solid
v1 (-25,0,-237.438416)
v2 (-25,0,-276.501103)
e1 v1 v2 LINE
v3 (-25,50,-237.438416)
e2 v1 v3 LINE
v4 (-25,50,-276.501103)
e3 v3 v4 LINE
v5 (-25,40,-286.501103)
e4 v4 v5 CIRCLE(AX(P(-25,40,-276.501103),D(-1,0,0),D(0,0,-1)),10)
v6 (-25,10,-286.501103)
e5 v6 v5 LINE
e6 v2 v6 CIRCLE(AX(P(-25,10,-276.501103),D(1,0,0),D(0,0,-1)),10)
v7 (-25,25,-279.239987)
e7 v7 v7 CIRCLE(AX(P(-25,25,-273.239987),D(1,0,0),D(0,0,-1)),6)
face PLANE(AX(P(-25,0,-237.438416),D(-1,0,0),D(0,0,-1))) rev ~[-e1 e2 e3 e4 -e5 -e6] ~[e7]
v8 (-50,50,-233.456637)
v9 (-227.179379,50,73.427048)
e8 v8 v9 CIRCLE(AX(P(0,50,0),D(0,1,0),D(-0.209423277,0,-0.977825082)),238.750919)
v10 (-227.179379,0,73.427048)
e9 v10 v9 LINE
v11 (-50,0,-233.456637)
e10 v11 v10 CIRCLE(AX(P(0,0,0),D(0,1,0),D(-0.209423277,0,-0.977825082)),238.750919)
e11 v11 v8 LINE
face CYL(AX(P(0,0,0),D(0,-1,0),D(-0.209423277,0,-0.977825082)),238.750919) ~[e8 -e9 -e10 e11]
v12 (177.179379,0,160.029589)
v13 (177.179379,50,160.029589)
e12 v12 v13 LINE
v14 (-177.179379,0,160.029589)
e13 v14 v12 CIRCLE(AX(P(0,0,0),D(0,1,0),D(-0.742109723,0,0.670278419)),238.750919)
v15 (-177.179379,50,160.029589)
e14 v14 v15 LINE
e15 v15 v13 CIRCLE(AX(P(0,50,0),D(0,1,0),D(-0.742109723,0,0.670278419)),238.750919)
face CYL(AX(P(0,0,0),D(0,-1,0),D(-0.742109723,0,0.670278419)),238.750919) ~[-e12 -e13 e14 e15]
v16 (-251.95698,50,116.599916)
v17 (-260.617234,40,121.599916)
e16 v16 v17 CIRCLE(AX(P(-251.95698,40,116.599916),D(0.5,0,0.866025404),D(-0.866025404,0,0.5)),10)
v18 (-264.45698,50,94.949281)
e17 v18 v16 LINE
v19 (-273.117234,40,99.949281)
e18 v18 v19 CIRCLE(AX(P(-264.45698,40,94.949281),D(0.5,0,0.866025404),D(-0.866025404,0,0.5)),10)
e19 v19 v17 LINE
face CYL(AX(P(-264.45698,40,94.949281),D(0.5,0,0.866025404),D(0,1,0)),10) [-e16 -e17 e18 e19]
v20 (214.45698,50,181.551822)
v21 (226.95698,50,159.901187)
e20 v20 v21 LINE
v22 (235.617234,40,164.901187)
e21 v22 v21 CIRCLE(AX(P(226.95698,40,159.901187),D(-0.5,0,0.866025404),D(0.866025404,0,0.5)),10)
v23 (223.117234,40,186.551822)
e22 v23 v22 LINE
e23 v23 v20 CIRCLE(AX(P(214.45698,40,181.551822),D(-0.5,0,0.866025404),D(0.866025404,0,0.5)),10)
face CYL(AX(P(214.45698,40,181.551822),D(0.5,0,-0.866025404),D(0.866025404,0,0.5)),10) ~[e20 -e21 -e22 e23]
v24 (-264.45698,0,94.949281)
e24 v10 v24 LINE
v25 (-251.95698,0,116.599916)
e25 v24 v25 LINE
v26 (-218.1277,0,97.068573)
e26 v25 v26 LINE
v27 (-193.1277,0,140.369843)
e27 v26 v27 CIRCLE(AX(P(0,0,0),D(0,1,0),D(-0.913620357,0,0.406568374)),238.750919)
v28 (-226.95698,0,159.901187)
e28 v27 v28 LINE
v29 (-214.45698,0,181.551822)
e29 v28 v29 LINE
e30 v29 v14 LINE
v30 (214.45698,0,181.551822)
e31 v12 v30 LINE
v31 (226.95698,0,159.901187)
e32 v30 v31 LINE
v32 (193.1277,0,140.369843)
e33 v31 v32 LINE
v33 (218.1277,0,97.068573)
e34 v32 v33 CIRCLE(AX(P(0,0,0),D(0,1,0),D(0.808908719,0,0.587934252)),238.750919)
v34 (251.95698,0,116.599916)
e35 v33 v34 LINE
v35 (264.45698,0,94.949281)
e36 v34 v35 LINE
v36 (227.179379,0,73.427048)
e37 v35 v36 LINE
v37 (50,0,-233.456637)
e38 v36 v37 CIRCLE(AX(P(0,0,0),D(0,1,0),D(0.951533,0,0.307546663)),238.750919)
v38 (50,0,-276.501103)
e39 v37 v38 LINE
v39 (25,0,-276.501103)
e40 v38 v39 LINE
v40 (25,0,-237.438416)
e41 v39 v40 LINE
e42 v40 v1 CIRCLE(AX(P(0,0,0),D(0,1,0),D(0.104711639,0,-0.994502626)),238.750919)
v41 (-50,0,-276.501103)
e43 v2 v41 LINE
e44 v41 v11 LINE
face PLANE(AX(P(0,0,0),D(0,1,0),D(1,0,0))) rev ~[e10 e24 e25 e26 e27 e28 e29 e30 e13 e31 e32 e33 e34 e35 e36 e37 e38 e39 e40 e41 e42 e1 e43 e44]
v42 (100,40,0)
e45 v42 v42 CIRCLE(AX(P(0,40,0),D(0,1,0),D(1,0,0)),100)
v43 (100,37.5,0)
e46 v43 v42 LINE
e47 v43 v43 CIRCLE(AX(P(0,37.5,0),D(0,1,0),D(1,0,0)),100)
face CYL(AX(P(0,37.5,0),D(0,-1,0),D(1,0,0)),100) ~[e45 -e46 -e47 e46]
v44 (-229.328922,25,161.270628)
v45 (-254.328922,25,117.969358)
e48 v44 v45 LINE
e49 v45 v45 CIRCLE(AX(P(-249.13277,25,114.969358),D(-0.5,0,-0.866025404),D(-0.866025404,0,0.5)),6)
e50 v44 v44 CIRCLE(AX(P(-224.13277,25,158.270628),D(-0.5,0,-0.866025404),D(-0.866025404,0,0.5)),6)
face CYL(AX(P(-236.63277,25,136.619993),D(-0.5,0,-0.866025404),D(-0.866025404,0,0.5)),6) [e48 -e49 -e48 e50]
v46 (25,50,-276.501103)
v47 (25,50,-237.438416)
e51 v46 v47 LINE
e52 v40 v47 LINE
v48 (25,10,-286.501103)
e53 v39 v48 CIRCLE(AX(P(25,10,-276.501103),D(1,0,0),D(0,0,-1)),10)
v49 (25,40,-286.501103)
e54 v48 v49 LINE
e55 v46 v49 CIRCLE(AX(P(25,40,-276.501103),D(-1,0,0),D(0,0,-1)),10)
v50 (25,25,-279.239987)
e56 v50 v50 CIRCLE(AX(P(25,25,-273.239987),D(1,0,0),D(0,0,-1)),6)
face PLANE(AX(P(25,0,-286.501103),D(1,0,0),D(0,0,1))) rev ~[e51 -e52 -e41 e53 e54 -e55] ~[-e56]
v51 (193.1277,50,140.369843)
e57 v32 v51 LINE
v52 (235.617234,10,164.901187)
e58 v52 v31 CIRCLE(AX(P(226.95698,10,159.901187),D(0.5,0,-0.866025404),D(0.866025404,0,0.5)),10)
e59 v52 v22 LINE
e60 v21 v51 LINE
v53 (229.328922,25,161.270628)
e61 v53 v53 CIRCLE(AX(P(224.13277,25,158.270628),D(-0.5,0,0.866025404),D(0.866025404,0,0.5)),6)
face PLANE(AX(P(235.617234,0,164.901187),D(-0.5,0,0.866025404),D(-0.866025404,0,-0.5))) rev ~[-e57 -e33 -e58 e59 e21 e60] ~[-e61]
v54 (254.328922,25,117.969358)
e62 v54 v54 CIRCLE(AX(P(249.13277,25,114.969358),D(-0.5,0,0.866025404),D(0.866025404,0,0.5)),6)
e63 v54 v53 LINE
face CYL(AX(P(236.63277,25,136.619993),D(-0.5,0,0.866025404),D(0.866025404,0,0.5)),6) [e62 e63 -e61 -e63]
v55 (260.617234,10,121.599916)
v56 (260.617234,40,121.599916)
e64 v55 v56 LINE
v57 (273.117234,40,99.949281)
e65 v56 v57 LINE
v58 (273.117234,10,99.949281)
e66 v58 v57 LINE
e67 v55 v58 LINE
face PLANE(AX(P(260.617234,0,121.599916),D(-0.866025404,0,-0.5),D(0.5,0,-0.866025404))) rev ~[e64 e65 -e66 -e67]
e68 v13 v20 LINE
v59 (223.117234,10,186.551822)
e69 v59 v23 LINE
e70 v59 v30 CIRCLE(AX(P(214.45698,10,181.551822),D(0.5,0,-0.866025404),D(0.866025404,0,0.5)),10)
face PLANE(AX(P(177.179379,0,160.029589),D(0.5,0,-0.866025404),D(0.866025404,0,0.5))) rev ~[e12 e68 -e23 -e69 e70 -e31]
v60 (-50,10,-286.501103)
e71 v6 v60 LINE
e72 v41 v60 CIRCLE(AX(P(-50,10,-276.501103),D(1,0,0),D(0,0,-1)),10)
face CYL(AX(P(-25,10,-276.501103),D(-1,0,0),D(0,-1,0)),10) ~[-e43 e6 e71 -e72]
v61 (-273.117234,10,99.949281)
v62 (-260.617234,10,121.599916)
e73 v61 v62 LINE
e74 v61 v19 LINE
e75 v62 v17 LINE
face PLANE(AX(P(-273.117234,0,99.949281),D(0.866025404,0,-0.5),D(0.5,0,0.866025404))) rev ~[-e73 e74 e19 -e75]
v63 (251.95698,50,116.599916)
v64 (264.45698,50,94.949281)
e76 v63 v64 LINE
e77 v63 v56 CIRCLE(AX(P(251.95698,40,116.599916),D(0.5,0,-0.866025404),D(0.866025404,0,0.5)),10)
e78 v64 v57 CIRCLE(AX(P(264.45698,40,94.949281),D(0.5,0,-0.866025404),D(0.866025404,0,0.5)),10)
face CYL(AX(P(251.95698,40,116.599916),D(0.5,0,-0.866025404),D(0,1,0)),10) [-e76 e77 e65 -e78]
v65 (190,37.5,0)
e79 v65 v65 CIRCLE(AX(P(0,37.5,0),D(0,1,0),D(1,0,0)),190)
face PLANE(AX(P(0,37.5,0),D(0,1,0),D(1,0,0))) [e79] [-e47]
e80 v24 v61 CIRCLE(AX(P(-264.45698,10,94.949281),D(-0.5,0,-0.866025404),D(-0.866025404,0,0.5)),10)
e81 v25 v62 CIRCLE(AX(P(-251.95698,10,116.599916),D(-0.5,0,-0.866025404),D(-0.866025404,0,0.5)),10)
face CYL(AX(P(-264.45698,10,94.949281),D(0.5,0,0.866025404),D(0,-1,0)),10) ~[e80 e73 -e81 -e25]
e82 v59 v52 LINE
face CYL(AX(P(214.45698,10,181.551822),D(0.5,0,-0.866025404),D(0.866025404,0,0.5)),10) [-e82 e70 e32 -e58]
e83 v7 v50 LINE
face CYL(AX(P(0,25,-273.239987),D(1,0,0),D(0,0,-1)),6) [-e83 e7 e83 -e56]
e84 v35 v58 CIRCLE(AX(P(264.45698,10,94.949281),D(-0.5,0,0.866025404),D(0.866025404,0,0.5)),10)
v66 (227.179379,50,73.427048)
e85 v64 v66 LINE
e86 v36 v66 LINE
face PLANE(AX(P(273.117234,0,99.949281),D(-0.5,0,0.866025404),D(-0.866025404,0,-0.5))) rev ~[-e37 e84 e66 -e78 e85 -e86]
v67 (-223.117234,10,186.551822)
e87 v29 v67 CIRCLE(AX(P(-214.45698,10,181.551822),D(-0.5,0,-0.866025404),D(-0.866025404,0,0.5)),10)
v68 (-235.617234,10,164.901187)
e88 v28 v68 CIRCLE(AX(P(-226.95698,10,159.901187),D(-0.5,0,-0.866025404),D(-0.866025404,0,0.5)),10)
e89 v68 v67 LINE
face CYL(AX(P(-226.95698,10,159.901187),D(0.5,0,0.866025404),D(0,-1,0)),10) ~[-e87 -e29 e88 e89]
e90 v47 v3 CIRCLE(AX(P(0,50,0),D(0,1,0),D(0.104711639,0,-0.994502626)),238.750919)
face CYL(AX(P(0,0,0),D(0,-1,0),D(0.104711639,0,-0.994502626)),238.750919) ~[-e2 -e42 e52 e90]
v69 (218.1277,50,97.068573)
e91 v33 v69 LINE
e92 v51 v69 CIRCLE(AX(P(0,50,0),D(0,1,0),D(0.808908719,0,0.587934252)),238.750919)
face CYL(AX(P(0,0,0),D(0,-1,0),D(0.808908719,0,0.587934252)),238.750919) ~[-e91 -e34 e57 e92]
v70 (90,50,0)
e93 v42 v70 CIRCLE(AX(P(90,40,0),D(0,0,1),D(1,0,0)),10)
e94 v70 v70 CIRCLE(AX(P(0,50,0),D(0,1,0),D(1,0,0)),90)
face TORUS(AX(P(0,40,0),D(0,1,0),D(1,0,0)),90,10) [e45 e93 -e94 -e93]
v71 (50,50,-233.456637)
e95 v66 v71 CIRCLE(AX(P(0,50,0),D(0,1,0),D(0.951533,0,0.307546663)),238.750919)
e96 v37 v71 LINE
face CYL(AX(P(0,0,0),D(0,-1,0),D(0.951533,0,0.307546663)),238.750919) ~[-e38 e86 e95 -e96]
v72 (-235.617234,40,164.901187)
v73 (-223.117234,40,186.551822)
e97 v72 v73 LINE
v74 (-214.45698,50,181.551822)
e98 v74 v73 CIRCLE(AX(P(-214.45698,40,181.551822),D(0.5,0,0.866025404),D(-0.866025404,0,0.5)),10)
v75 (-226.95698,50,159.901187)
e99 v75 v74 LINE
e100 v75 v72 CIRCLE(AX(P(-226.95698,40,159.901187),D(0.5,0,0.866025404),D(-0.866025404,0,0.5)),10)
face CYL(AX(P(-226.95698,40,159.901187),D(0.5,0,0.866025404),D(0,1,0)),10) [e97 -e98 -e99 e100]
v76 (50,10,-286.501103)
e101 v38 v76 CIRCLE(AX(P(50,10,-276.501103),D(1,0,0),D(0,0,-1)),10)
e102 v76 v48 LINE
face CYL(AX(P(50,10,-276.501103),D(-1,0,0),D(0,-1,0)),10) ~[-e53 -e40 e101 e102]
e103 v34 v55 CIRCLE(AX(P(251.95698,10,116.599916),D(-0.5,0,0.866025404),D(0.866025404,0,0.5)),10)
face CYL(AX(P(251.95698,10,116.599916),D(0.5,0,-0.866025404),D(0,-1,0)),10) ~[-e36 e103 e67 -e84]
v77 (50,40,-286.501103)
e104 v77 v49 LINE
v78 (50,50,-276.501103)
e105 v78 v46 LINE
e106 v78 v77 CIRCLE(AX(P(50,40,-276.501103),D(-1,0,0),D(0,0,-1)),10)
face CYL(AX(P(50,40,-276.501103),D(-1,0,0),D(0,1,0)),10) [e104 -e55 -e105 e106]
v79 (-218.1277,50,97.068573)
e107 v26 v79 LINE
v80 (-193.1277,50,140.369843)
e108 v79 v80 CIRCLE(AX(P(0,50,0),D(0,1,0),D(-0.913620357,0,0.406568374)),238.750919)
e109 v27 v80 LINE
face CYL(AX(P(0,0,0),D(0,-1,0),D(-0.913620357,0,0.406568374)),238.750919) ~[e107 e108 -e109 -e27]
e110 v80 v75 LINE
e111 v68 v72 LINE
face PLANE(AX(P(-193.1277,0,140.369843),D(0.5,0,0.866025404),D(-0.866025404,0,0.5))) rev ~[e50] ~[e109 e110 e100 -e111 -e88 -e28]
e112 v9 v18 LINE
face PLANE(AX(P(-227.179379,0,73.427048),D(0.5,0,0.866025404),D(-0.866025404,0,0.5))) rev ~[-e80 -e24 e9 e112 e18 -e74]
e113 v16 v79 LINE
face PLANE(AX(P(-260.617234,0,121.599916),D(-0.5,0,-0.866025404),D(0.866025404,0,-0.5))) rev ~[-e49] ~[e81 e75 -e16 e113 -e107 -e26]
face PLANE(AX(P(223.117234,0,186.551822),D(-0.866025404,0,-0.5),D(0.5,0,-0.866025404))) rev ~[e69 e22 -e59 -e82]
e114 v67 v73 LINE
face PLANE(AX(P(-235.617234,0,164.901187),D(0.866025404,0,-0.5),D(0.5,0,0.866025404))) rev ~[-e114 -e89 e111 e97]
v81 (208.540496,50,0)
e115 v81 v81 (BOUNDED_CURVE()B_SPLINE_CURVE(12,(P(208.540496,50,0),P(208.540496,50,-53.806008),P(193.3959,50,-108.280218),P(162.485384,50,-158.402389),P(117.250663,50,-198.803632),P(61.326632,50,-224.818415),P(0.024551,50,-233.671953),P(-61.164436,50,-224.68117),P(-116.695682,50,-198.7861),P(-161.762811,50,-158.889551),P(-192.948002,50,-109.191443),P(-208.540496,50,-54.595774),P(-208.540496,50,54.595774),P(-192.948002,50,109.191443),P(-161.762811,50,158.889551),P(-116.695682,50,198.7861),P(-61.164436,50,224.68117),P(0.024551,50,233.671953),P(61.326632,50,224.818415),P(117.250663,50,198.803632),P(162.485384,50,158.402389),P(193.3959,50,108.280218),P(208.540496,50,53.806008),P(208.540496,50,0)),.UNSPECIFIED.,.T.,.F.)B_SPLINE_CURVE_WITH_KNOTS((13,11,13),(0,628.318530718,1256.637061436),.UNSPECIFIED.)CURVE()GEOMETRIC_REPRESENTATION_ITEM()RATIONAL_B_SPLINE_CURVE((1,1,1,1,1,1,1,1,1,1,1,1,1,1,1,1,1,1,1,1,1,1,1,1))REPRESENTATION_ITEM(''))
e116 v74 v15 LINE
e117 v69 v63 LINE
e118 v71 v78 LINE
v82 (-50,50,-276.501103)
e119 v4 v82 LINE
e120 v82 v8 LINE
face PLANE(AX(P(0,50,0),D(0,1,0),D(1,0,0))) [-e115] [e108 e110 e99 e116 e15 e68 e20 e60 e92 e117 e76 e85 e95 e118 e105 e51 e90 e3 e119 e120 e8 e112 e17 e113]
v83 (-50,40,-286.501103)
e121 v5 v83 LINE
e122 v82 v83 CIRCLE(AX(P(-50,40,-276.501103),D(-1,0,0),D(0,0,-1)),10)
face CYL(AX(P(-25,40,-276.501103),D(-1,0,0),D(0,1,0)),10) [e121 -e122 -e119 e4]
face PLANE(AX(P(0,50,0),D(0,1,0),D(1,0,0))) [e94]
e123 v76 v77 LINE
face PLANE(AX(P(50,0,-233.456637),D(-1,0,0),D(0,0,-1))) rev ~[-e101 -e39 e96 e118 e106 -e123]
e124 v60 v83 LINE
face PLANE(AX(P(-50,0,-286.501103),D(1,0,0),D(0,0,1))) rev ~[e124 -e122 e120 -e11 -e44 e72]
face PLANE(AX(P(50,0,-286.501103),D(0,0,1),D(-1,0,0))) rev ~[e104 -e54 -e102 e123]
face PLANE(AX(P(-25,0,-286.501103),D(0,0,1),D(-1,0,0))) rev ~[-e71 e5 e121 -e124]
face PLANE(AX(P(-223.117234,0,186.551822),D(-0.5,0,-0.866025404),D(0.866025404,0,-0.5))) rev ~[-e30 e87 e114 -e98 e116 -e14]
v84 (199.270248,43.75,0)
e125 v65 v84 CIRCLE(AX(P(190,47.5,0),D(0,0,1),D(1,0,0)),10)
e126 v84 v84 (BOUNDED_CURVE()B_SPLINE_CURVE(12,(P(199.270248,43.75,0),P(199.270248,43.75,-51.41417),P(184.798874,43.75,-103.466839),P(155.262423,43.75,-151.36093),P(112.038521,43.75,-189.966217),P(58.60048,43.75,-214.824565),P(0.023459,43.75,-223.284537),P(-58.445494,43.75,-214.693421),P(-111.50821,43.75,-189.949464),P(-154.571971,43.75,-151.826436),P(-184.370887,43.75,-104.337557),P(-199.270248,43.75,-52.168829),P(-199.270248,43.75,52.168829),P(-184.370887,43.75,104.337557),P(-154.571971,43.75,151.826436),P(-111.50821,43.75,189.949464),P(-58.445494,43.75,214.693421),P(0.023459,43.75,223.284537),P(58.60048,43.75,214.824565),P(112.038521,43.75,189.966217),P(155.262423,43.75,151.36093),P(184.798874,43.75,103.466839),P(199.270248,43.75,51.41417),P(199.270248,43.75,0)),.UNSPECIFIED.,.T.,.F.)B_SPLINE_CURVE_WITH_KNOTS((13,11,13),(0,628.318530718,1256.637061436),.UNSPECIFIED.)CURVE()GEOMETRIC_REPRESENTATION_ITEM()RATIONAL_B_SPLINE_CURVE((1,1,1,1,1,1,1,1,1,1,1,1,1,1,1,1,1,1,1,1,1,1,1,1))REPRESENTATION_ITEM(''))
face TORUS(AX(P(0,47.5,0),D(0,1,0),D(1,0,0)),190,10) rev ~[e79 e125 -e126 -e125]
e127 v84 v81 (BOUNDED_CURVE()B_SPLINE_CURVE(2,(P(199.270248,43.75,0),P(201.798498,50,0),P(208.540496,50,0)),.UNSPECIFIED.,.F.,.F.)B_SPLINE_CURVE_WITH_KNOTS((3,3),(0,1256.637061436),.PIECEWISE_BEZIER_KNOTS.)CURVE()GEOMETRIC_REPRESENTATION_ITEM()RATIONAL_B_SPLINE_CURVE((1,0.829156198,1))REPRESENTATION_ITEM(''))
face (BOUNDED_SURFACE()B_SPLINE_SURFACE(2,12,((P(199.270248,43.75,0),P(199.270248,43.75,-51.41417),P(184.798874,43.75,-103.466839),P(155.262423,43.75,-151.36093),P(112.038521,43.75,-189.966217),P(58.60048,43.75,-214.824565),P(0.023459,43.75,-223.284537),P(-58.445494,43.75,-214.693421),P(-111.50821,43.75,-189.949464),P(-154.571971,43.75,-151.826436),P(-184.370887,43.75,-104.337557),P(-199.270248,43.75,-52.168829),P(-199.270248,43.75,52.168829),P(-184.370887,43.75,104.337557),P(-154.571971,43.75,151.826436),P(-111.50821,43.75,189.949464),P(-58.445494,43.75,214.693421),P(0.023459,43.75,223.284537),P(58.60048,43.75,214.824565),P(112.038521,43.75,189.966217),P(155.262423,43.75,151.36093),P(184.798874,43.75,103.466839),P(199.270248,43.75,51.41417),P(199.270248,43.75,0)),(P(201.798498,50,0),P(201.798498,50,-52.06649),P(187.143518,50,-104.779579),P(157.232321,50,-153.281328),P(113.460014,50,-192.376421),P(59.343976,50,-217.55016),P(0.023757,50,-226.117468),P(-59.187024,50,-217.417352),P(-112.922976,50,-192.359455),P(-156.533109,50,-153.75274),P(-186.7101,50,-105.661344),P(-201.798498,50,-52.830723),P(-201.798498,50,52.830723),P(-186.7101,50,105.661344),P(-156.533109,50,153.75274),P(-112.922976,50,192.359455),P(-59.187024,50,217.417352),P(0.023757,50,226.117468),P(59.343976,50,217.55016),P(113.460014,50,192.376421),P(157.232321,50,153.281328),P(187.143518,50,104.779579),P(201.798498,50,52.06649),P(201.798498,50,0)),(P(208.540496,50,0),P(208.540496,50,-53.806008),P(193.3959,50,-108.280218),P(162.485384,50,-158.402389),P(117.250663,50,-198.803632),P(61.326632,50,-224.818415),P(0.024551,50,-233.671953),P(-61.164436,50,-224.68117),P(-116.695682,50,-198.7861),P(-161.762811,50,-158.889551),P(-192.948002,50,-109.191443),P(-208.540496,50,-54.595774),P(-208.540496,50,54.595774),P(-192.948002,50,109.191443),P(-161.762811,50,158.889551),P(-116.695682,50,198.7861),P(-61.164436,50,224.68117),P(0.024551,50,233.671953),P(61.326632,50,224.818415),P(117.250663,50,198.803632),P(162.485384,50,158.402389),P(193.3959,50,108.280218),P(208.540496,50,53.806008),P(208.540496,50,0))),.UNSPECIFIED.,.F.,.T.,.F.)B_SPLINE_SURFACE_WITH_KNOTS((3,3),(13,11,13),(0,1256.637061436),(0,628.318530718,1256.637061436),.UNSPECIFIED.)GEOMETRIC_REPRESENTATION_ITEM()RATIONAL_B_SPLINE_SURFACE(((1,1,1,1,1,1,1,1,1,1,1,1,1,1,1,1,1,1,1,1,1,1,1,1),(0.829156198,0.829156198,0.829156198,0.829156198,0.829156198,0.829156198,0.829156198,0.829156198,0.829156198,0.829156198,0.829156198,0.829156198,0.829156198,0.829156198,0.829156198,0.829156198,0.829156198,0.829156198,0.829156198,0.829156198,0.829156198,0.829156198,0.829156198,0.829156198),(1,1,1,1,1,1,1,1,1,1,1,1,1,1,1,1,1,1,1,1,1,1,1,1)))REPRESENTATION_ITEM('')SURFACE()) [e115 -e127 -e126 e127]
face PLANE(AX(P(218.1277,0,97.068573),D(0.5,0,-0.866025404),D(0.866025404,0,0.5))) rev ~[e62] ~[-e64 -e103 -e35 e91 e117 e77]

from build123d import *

# Parameters (mm, degrees)
BOSS_EXTRUDE1_DEPTH = 50
SKETCH2_R           = 200
CUT_EXTRUDE1_DEPTH  = 12.5
SKETCH3_R           = 100
BOSS_EXTRUDE2_DEPTH = 12.5
FILLET1_R           = 10
FILLET8_R           = 10
FILLET10_R          = 10
FILLET11_R          = 10
SKETCH4_R           = 6
BOSS_EXTRUDE3_DEPTH = 36
CIRPATTERN1_COUNT   = 3


with BuildPart() as part:
    # Sketch1 → Boss-Extrude1 (new body)
    with BuildSketch(Plane(origin=(0, 0, 0), x_dir=(1, 0, 0), z_dir=(0, 1, 0))):
        with BuildLine():
            Line((177.17937854, -160.029588814), (223.117233569, -186.551821781))
            Line((223.117233569, -186.551821781), (235.617233569, -164.901186686))
            Line((235.617233569, -164.901186686), (193.127700242, -140.369843182))
            ThreePointArc((193.127700242, -140.369843182), (206.764361308, -119.37545966), (218.127700242, -97.068572993))
            Line((218.127700242, -97.068572993), (260.617233569, -121.599916497))
            Line((260.617233569, -121.599916497), (273.117233569, -99.949281403))
            Line((273.117233569, -99.949281403), (227.17937854, -73.427048436))
            ThreePointArc((227.17937854, -73.427048436), (206.764361308, 119.37545966), (50, 233.45663725))
            Line((50, 233.45663725), (50, 286.501103184))
            Line((50, 286.501103184), (25, 286.501103184))
            Line((25, 286.501103184), (25, 237.438416176))
            ThreePointArc((25, 237.438416176), (0, 238.75091932), (-25, 237.438416176))
            Line((-25, 237.438416176), (-25, 286.501103184))
            Line((-25, 286.501103184), (-50, 286.501103184))
            Line((-50, 286.501103184), (-50, 233.45663725))
            ThreePointArc((-50, 233.45663725), (-206.764361308, 119.37545966), (-227.17937854, -73.427048436))
            Line((-227.17937854, -73.427048436), (-273.117233569, -99.949281403))
            Line((-273.117233569, -99.949281403), (-260.617233569, -121.599916497))
            Line((-260.617233569, -121.599916497), (-218.127700242, -97.068572993))
            ThreePointArc((-218.127700242, -97.068572993), (-206.764361308, -119.37545966), (-193.127700242, -140.369843182))
            Line((-193.127700242, -140.369843182), (-235.617233569, -164.901186686))
            Line((-235.617233569, -164.901186686), (-223.117233569, -186.551821781))
            Line((-223.117233569, -186.551821781), (-177.17937854, -160.029588814))
            ThreePointArc((-177.17937854, -160.029588814), (0, -238.75091932), (177.17937854, -160.029588814))
        make_face()
    extrude(amount=BOSS_EXTRUDE1_DEPTH)

    # Sketch2 → Cut-Extrude1 (cut)
    with BuildSketch(Plane(origin=(0, 50, 0), x_dir=(1, 0, 0), z_dir=(0, 1, 0))):
        Circle(SKETCH2_R)
    extrude(amount=-CUT_EXTRUDE1_DEPTH, mode=Mode.SUBTRACT)

    # Sketch3 → Boss-Extrude2 (add)
    with BuildSketch(Plane(origin=(0, 37.5, 0), x_dir=(1, 0, 0), z_dir=(0, 1, 0))):
        Circle(SKETCH3_R)
    extrude(amount=BOSS_EXTRUDE2_DEPTH)

    # Fillet1
    fillet1_edges = [part.edges().sort_by_distance(p)[0] for p in [
        (-37.5, 50, -286.501103184),
        (37.5, 0, -286.501103184),
        (266.867233569, 0, 110.77459895),
        (229.367233569, 0, 175.726504234),
        (-229.367233569, 0, 175.726504234),
        (-266.867233569, 50, 110.77459895),
        (-266.867233569, 0, 110.77459895),
        (-37.5, 0, -286.501103184),
        (-229.367233569, 50, 175.726504234),
        (229.367233569, 50, 175.726504234),
        (266.867233569, 50, 110.77459895),
        (37.5, 50, -286.501103184),
    ]]
    fillet(fillet1_edges, radius=FILLET1_R)

    # Fillet8
    fillet8_edges = [part.edges().sort_by_distance(p)[0] for p in [
        (-100, 50, 0),
    ]]
    fillet(fillet8_edges, radius=FILLET8_R)

    # Fillet10
    fillet10_edges = [part.edges().sort_by_distance(p)[0] for p in [
        (-200, 37.5, 0),
    ]]
    fillet(fillet10_edges, radius=FILLET10_R)

    # Fillet11
    fillet11_edges = [part.edges().sort_by_distance(p)[0] for p in [
        (-200, 50, 0),
    ]]
    fillet(fillet11_edges, radius=FILLET11_R)

    # Sketch4 → Boss-Extrude3 (add, symmetric)
    with BuildSketch(Plane(origin=(0, 0, 0), x_dir=(0, 0, -1), z_dir=(1, 0, 0))):
        with Locations((273.2399867, 25)):
            Circle(SKETCH4_R)
    boss_extrude3 = extrude(amount=BOSS_EXTRUDE3_DEPTH, both=True)

    # CirPattern1: Boss-Extrude3 ×3 about axis
    cirpattern1_axis = Axis((0, 50, 0), (0, -1, 0))
    for i in range(1, CIRPATTERN1_COUNT):
        add(boss_extrude3.rotate(cirpattern1_axis, i * 360 / CIRPATTERN1_COUNT))


solid = part.part
